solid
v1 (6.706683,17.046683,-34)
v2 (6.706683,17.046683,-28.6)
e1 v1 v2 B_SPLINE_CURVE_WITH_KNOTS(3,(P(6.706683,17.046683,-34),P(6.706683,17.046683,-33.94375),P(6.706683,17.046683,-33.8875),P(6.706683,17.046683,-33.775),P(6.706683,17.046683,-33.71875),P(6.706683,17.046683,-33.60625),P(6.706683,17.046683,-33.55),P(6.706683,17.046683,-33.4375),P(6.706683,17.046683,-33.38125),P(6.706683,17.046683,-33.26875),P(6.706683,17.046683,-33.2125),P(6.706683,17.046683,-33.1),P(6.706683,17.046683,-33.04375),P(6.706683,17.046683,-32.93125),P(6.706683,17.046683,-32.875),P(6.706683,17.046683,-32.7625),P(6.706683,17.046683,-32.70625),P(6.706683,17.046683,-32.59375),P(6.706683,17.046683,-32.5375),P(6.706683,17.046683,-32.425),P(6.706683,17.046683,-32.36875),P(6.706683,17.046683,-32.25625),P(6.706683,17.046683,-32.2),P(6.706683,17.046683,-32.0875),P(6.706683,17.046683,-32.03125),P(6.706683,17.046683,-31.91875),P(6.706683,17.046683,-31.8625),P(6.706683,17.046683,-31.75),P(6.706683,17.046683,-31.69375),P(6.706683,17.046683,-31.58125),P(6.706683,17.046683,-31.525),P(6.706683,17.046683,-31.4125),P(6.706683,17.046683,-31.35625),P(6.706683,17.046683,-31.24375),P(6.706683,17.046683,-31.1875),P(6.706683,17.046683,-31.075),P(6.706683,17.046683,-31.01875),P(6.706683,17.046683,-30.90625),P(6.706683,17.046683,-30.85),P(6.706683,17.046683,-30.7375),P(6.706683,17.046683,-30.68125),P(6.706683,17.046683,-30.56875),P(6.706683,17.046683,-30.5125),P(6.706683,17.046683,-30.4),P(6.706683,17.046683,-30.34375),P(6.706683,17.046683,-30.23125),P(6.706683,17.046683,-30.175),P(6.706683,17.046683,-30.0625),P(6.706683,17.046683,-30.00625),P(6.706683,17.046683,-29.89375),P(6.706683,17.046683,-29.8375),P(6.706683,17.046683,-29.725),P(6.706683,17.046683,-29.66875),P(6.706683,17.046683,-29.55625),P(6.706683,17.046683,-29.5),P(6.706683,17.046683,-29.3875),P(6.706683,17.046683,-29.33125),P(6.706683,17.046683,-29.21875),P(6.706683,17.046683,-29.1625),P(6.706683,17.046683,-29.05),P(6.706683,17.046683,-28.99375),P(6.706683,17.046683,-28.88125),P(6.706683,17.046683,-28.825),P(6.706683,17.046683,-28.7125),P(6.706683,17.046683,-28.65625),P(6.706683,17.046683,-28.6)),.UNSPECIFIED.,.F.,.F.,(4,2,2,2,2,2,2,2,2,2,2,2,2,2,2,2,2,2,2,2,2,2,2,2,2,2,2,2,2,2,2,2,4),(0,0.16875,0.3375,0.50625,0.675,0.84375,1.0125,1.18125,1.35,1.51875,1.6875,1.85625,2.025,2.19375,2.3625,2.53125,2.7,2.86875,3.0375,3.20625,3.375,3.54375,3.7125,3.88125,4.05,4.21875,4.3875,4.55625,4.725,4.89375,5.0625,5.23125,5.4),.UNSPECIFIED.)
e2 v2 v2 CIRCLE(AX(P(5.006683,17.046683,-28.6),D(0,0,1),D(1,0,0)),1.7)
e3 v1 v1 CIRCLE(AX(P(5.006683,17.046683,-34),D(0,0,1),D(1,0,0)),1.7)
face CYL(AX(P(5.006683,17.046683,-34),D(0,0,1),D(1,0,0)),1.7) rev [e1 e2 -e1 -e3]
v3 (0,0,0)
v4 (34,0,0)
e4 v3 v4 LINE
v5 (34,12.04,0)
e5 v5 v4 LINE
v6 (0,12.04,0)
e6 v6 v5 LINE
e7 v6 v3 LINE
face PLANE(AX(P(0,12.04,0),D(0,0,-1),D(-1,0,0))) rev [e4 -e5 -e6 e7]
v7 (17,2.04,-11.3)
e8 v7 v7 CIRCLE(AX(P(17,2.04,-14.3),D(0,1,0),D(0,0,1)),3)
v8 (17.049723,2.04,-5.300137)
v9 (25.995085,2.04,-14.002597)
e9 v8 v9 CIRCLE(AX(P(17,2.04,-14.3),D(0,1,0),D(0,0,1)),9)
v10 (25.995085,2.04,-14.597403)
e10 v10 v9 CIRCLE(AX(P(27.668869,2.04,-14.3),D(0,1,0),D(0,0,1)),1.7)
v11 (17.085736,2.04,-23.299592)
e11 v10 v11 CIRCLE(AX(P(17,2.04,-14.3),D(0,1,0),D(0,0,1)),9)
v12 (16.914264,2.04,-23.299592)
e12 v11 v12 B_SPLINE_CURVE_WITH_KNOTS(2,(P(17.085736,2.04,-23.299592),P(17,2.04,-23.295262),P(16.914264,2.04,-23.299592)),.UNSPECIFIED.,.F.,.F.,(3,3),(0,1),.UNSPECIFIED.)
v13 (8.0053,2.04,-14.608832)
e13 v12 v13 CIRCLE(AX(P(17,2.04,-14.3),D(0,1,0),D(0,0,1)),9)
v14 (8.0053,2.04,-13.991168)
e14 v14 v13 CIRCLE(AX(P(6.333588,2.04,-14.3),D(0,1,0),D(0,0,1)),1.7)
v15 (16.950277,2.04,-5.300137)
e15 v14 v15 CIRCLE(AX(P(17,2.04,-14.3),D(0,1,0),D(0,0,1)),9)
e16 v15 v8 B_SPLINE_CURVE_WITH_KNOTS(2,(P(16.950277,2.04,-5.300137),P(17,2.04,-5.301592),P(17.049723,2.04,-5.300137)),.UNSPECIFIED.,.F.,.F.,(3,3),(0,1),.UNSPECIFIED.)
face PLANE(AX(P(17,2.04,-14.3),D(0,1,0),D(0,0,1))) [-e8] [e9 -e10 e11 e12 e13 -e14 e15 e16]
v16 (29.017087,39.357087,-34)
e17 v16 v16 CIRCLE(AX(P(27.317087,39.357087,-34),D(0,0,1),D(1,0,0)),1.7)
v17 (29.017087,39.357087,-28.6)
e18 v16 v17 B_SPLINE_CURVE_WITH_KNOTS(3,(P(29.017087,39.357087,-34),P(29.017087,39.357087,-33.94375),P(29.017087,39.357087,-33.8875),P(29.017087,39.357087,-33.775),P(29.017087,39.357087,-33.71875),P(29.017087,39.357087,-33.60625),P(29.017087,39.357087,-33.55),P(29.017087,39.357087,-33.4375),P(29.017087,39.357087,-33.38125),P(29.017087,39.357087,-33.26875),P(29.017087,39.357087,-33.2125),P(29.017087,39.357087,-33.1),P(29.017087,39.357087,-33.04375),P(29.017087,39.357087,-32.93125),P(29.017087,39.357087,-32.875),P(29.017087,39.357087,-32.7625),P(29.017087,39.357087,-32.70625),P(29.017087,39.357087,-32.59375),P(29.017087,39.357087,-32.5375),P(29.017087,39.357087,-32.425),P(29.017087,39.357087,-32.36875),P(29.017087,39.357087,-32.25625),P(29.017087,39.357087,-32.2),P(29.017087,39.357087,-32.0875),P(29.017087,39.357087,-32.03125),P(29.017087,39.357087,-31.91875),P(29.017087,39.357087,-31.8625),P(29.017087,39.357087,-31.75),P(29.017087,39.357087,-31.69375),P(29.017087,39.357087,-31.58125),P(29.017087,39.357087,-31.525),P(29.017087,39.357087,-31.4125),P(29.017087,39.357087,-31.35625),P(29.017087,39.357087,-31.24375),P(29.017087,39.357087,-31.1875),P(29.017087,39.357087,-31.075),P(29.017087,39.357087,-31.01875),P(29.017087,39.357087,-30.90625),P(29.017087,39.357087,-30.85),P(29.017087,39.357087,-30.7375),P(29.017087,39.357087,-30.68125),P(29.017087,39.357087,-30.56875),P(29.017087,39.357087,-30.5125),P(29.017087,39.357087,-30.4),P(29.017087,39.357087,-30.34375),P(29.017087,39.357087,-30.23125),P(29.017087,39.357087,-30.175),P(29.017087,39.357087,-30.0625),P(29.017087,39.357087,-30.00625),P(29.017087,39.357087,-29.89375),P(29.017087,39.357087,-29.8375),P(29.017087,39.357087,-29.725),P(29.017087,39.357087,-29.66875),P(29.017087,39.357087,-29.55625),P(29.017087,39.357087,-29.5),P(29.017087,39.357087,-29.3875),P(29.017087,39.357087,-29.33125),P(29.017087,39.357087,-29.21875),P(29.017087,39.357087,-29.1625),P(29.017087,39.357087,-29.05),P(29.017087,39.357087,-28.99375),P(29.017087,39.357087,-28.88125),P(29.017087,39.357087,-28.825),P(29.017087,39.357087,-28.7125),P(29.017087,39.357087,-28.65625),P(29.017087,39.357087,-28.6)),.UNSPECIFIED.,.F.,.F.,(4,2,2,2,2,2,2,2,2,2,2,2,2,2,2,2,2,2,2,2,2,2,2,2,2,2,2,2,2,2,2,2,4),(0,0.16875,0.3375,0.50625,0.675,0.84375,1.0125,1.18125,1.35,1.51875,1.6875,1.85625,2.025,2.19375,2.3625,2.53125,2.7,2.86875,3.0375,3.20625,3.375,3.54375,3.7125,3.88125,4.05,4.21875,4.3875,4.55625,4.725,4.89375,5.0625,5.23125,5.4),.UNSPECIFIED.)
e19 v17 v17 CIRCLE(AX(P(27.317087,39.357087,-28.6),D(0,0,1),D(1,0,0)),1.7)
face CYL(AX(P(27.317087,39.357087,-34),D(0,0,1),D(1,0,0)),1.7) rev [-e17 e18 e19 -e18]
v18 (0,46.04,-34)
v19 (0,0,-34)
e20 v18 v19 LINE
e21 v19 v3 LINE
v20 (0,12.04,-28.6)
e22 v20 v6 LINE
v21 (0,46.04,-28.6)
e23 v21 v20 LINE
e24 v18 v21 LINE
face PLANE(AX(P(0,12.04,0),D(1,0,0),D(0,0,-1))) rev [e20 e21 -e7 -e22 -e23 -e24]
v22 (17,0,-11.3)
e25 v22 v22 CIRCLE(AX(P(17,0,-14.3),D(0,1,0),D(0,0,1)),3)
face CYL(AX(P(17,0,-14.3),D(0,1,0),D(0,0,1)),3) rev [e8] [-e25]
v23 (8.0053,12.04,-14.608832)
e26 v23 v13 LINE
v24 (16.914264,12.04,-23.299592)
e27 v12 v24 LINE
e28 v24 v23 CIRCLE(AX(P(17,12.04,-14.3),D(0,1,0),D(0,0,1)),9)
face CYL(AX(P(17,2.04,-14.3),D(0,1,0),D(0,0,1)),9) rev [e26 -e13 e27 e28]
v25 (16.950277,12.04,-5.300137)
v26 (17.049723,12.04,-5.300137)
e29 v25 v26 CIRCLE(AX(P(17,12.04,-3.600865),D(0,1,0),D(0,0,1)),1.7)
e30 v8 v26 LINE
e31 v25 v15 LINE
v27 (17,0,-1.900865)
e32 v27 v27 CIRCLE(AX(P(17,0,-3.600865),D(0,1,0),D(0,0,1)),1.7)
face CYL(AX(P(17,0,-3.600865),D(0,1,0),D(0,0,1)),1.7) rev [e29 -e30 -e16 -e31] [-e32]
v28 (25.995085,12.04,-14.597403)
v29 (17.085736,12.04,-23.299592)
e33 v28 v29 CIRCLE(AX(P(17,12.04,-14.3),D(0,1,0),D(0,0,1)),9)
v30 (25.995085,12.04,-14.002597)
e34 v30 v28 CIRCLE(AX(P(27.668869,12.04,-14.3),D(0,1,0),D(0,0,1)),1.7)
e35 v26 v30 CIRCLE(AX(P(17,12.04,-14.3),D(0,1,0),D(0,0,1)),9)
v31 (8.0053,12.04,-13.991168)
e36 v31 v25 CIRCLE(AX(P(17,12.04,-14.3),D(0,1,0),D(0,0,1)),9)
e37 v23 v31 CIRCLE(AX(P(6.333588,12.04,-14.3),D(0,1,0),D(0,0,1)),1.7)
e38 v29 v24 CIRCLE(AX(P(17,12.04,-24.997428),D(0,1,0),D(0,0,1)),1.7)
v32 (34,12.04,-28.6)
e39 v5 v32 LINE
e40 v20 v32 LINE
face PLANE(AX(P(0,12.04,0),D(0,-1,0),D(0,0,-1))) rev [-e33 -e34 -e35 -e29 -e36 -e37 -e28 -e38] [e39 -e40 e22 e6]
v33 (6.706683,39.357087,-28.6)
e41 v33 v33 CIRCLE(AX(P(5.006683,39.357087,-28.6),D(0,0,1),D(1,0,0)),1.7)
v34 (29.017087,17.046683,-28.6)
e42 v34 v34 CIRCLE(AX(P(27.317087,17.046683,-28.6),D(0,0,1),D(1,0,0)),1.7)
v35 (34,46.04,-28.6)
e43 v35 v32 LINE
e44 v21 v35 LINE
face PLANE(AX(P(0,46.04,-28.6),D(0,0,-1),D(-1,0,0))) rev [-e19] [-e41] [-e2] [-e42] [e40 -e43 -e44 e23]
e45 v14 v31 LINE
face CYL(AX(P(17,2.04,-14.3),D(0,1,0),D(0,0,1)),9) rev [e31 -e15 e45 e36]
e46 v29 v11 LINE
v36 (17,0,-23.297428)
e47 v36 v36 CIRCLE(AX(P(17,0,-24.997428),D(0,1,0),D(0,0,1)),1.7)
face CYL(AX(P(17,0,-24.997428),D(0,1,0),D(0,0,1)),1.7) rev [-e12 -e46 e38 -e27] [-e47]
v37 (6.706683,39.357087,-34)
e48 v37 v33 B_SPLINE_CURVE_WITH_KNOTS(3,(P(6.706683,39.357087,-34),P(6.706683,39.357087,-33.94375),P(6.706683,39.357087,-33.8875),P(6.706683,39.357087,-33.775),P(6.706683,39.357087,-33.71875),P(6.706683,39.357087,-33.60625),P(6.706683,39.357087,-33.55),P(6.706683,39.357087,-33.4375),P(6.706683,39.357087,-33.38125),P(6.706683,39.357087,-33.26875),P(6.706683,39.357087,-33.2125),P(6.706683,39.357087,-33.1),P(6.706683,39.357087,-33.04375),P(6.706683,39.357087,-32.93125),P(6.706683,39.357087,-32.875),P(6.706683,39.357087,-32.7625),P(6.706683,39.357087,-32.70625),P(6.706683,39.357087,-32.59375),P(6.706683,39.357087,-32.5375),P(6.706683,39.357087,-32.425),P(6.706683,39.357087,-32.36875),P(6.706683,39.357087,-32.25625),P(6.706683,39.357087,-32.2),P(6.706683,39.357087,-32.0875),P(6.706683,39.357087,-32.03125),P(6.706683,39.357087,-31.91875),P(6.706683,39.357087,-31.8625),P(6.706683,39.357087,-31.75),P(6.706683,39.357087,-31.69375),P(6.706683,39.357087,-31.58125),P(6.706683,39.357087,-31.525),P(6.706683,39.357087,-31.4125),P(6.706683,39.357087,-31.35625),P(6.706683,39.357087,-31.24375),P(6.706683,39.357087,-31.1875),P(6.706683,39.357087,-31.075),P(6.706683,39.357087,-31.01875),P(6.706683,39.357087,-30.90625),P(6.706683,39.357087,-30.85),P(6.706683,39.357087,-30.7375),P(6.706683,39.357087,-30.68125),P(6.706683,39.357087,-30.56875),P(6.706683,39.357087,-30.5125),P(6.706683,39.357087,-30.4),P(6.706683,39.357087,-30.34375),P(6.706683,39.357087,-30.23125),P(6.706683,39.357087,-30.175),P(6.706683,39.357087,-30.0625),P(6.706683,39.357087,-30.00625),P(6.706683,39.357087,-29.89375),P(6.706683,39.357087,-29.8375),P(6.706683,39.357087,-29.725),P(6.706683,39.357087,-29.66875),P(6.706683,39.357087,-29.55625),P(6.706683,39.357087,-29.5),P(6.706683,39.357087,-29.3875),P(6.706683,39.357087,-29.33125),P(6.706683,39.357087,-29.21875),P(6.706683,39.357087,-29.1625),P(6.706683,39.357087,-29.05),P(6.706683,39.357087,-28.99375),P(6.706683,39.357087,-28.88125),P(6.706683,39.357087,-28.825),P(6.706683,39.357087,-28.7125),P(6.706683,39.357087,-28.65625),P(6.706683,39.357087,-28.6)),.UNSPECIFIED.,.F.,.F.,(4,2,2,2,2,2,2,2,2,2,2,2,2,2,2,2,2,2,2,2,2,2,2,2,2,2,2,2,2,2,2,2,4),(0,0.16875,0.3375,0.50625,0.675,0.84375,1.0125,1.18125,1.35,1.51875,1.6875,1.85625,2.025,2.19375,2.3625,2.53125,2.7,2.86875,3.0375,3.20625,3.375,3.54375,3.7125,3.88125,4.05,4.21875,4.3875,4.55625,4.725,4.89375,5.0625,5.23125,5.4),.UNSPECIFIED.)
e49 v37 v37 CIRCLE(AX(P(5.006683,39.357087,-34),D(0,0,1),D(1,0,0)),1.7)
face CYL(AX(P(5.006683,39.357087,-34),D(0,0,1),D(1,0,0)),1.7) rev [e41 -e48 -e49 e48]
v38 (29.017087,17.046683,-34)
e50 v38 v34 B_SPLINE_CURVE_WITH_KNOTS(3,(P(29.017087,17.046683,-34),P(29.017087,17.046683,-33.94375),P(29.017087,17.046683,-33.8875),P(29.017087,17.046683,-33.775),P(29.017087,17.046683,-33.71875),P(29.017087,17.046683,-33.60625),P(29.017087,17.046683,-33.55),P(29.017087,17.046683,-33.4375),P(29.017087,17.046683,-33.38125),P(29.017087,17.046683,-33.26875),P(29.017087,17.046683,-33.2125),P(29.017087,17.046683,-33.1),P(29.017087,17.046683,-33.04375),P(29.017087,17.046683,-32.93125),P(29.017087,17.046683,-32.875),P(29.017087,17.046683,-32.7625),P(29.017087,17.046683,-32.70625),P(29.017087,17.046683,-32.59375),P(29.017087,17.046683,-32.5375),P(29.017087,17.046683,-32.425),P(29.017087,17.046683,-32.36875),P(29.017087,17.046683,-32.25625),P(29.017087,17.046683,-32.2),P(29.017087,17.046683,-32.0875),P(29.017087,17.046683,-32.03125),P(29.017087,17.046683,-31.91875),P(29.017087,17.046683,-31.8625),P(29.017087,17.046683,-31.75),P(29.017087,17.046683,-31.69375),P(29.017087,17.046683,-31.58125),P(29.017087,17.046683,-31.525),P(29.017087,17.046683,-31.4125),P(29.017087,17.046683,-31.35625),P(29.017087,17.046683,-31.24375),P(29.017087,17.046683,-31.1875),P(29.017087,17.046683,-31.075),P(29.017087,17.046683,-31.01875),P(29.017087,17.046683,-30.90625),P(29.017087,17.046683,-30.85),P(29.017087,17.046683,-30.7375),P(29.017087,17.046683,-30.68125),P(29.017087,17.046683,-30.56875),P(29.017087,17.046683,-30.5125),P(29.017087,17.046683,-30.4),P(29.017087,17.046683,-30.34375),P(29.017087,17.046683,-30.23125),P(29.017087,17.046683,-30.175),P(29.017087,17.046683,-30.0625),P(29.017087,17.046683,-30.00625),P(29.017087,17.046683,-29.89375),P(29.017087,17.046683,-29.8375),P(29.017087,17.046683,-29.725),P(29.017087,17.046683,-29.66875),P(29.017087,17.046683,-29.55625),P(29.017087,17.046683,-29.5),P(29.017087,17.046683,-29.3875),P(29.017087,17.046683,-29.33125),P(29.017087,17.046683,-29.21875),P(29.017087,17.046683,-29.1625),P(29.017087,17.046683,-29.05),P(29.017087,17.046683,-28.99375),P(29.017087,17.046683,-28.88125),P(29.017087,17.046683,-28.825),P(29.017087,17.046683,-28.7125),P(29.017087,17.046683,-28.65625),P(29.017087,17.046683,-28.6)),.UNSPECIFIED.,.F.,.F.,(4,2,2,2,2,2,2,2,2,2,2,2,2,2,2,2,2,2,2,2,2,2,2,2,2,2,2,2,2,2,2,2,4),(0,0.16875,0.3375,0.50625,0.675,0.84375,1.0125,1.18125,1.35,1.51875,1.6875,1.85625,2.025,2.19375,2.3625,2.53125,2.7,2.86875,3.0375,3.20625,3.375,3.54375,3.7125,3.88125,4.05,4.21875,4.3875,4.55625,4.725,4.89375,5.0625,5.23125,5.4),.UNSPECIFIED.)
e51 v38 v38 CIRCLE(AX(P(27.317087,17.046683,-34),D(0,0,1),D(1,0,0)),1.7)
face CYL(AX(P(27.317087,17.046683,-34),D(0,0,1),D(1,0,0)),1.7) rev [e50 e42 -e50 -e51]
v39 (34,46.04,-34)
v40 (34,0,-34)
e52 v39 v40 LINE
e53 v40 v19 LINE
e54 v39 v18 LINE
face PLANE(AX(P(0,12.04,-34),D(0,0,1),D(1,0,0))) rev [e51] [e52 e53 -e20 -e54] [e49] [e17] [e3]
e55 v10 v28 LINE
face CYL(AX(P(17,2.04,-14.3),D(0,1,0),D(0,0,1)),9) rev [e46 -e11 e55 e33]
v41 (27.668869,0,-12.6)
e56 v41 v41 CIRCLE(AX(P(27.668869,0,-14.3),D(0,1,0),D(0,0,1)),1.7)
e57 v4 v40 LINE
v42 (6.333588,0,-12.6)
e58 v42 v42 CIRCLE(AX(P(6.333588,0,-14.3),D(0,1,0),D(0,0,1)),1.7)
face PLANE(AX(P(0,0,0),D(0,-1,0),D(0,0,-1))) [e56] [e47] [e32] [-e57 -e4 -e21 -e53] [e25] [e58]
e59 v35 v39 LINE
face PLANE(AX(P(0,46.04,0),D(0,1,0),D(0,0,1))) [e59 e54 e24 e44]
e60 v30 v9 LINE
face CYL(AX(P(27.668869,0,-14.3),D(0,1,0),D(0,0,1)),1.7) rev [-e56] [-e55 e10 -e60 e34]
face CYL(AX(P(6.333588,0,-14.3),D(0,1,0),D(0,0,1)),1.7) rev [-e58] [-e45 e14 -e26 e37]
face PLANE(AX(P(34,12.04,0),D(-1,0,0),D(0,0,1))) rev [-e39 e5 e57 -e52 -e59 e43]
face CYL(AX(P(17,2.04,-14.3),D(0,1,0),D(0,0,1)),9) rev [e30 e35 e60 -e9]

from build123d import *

# Parameters (mm, degrees)
SKETCH1_W           = 34
SKETCH1_H           = 34
BOSS_EXTRUDE1_DEPTH = 12.04
SKETCH2_W           = 34
SKETCH2_H           = 5.4
BOSS_EXTRUDE2_DEPTH = 34
SKETCH3_R           = 9
CUT_EXTRUDE1_DEPTH  = 10
SKETCH4_R           = 1.7
SKETCH4_R_2         = 1.700000029
CUT_EXTRUDE2_DEPTH  = 59.889727457
SKETCH6_R           = 3
CUT_EXTRUDE3_DEPTH  = 66.176682947
SKETCH7_R           = 1.7
CUT_EXTRUDE4_DEPTH  = 64.981572347


with BuildPart() as part:
    # Sketch1 → Boss-Extrude1 (new body)
    with BuildSketch(Plane(origin=(0, 0, 0), x_dir=(1, 0, 0), z_dir=(0, 1, 0))):
        with Locations((17, 17)):
            Rectangle(SKETCH1_W, SKETCH1_H)
    extrude(amount=BOSS_EXTRUDE1_DEPTH)

    # Sketch2 → Boss-Extrude2 (add)
    with BuildSketch(Plane(origin=(0, 12.04, 0), x_dir=(1, 0, 0), z_dir=(0, 1, 0))):
        with Locations((17, 31.3)):
            Rectangle(SKETCH2_W, SKETCH2_H)
    extrude(amount=BOSS_EXTRUDE2_DEPTH)

    # Sketch3 → Cut-Extrude1 (cut)
    with BuildSketch(Plane(origin=(0, 12.04, 0), x_dir=(1, 0, 0), z_dir=(0, 1, 0))):
        with Locations(Location((17, 14.3, 0), (0, 0, 270))):
            Circle(SKETCH3_R)
    extrude(amount=-CUT_EXTRUDE1_DEPTH, mode=Mode.SUBTRACT)

    # Sketch4 → Cut-Extrude2 (cut, through all)
    with BuildSketch(Plane(origin=(0, 12.04, 0), x_dir=(1, 0, 0), z_dir=(0, 1, 0))):
        with Locations(Location((6.33358771, 14.3, 0), (0, 0, 270))):
            Circle(SKETCH4_R)
        with Locations(Location((27.668868507, 14.3, 0), (0, 0, 270))):
            Circle(SKETCH4_R_2)
        with Locations(Location((17, 3.600864666, 0), (0, 0, 270))):
            Circle(SKETCH4_R)
        with Locations(Location((17, 24.997428292, 0), (0, 0, 270))):
            Circle(SKETCH4_R)
    extrude(amount=-CUT_EXTRUDE2_DEPTH, mode=Mode.SUBTRACT)

    # Sketch6 → Cut-Extrude3 (cut, through all)
    with BuildSketch(Plane(origin=(0, 2.04, 0), x_dir=(1, 0, 0), z_dir=(0, 1, 0))):
        with Locations(Location((17, 14.3, 0), (0, 0, 270))):
            Circle(SKETCH6_R)
    extrude(amount=-CUT_EXTRUDE3_DEPTH, mode=Mode.SUBTRACT)

    # Sketch7 → Cut-Extrude4 (cut, through all)
    with BuildSketch(Plane.XY.offset(-28.6)):
        with Locations((5.006682724, 39.357086706)):
            Circle(SKETCH7_R)
        with Locations((27.317086706, 39.357086706)):
            Circle(SKETCH7_R)
        with Locations((5.006682724, 17.046682724)):
            Circle(SKETCH7_R)
        with Locations((27.317086706, 17.046682724)):
            Circle(SKETCH7_R)
    extrude(amount=-CUT_EXTRUDE4_DEPTH, mode=Mode.SUBTRACT)


solid = part.part
